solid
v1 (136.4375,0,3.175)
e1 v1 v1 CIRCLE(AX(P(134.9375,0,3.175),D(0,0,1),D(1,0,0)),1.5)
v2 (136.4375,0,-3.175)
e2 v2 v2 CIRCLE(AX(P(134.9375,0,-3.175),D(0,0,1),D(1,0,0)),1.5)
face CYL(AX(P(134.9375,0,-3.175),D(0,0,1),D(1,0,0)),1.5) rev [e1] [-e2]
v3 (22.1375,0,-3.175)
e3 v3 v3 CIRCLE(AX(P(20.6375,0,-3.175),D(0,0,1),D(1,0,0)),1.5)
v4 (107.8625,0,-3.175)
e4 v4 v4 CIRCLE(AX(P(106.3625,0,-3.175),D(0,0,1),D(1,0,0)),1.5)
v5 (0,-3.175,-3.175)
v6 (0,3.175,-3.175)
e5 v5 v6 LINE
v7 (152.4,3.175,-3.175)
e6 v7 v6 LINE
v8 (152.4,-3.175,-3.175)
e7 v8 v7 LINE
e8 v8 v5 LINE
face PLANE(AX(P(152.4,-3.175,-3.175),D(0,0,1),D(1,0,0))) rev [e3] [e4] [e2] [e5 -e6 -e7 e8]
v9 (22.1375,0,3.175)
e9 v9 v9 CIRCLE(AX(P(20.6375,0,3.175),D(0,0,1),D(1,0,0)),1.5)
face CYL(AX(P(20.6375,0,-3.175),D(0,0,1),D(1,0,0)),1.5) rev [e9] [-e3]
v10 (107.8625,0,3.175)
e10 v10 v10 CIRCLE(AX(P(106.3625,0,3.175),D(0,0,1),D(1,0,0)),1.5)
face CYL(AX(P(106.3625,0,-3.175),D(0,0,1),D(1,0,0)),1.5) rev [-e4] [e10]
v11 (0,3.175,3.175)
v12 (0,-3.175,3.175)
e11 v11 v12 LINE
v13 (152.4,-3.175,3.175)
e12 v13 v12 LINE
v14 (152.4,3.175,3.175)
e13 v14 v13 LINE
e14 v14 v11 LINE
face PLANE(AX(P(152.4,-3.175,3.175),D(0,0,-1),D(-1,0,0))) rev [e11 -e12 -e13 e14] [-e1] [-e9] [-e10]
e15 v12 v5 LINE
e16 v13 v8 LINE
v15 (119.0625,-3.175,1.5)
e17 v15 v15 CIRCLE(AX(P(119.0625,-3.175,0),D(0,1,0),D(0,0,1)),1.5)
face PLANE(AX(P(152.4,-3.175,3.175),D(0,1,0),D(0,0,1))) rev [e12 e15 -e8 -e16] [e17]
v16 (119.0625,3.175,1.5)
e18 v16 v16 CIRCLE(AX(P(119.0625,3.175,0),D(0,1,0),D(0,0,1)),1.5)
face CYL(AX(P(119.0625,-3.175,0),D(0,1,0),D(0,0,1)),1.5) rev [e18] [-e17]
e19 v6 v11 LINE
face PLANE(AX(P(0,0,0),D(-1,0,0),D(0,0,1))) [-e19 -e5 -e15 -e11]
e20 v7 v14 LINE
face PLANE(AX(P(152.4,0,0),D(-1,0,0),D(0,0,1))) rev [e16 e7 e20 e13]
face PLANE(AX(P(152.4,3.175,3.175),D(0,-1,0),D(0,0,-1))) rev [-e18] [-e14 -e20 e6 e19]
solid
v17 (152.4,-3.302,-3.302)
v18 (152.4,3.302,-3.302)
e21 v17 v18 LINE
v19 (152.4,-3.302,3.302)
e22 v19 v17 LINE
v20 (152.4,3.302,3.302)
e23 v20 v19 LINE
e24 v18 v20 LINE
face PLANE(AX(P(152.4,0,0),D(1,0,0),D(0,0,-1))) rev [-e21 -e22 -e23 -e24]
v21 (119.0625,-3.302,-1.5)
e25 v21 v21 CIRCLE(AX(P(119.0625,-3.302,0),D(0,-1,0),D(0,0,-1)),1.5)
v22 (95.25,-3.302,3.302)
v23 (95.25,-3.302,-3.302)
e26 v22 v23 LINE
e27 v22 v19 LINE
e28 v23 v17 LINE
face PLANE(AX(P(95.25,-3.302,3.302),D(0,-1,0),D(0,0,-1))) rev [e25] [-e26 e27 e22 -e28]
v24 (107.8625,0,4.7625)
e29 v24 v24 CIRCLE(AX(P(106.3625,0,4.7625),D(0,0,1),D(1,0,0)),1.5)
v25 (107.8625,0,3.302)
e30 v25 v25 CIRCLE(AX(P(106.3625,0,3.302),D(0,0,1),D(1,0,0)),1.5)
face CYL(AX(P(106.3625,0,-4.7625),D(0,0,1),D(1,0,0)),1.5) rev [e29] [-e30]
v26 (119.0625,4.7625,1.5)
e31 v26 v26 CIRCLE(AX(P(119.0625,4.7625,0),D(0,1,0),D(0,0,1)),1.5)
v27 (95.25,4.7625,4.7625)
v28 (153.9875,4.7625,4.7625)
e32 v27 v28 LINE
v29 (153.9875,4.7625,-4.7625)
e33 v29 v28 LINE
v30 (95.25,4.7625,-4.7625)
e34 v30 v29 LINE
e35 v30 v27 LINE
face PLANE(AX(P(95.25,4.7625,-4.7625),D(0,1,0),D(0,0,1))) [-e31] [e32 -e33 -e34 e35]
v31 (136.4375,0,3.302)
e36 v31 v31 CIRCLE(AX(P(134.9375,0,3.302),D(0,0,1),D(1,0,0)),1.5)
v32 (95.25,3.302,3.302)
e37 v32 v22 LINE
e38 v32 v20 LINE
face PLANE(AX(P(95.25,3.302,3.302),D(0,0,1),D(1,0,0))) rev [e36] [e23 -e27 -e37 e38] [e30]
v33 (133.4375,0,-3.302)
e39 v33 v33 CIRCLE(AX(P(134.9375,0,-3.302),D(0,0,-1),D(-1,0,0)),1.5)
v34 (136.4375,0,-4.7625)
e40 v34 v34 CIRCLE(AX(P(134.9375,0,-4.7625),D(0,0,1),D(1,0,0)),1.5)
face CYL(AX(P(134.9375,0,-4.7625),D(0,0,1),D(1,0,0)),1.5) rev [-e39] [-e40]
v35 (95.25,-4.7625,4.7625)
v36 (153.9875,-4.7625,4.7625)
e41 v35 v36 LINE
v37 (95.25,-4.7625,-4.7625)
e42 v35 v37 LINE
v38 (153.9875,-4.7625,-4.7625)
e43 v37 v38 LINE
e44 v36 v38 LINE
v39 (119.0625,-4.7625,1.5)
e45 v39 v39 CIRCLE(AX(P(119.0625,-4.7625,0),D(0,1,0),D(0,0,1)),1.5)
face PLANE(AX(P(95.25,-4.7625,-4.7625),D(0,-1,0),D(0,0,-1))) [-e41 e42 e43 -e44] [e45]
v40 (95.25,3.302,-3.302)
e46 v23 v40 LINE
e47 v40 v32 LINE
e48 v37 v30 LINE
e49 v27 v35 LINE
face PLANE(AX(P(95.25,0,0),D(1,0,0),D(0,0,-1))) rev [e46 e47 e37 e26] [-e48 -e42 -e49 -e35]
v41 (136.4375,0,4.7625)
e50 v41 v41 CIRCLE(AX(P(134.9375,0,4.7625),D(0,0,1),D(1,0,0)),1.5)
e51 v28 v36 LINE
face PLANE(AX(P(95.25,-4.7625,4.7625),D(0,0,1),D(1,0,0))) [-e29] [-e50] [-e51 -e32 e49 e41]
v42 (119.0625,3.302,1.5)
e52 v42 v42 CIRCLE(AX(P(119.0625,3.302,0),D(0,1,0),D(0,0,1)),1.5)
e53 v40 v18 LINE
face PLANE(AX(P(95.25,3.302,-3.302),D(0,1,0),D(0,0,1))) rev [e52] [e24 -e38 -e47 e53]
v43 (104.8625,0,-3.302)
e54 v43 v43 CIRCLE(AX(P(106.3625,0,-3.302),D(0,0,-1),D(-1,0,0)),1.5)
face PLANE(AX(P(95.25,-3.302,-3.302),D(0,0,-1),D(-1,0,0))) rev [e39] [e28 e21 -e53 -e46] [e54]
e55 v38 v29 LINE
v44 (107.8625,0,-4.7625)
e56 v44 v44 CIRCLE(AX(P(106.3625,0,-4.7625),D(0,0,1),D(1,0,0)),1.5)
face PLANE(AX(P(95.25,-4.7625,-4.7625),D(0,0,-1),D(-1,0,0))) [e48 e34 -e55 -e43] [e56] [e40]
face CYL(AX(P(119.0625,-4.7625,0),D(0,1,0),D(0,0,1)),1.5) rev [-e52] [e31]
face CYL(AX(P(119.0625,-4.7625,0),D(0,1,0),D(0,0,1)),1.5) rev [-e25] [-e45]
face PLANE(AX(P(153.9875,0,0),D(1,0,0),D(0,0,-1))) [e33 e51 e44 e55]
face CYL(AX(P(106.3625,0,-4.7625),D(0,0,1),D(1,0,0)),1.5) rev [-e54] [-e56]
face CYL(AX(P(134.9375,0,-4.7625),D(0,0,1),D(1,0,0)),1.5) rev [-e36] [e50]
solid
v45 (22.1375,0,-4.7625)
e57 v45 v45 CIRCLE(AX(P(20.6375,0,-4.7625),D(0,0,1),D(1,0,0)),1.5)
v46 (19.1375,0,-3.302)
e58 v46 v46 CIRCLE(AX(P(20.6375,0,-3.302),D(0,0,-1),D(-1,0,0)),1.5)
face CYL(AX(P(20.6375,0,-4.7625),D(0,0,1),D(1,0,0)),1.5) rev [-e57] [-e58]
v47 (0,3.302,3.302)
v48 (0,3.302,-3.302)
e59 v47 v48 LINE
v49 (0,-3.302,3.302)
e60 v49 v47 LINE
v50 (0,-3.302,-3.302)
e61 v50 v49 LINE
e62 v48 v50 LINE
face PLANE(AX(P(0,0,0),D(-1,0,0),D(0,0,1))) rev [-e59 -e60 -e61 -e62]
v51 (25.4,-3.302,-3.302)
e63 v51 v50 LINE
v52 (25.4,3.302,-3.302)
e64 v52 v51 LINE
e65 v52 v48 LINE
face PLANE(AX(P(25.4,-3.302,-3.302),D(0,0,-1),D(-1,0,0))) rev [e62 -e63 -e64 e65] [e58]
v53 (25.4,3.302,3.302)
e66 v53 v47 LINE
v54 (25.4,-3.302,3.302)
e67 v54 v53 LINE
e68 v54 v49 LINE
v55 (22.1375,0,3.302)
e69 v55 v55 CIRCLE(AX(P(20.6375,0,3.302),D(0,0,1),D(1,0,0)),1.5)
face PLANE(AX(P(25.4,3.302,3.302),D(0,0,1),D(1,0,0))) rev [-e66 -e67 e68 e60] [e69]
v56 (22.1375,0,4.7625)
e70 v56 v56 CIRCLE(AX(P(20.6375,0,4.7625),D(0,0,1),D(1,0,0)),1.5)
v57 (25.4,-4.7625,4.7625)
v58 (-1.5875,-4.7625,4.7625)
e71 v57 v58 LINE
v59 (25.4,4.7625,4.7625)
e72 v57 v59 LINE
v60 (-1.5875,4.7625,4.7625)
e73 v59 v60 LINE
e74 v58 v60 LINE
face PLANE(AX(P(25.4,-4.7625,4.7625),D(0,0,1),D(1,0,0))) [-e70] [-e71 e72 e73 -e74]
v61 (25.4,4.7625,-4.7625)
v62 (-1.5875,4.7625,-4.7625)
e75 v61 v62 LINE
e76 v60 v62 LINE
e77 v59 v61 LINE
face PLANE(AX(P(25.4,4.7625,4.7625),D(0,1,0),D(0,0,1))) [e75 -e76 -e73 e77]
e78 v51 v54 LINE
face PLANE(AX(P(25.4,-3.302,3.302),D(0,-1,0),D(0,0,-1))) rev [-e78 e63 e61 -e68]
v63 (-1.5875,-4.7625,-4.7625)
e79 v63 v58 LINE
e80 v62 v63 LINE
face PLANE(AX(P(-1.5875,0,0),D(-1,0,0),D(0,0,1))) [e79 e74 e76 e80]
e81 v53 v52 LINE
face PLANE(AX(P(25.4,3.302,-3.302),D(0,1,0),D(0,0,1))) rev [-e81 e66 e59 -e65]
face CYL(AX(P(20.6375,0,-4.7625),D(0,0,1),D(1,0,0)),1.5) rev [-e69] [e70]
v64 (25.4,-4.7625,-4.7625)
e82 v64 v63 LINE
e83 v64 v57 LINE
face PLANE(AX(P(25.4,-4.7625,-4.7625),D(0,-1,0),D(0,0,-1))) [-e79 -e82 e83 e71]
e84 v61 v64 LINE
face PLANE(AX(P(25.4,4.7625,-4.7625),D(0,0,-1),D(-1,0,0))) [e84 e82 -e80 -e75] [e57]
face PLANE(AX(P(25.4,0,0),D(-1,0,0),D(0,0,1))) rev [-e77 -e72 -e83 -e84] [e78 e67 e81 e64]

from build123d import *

# Parameters (mm, degrees)
SKETCH1_W               = 6.35
SKETCH1_H               = 6.35
BOSS_EXTRUDE1_DEPTH     = 152.4
SKETCH2_R               = 1.5
CUT_EXTRUDE1_DEPTH      = 153.565274965
SKETCH3_R               = 1.5
CUT_EXTRUDE2_DEPTH      = 153.565274965
SKETCH4_W               = 9.525
SKETCH4_H               = 9.525
SKETCH4_W_2             = 6.604
SKETCH4_H_2             = 6.604
BOSS_EXTRUDE2_DEPTH     = 57.15
SKETCH5_W               = 9.525
SKETCH5_H               = 9.525
BOSS_EXTRUDE3_DEPTH     = 1.5875
CUT_EXTRUDE4_DEPTH      = 155.26547076
CUT_EXTRUDE4_DEPTH_BACK = 155.26547076
SKETCH6_R               = 1.5
CUT_EXTRUDE6_DEPTH      = 155.26547076
CUT_EXTRUDE6_DEPTH_BACK = 155.26547076
SKETCH7_R               = 1.5
SKETCH8_W               = 9.525
SKETCH8_H               = 9.525
SKETCH8_W_2             = 6.604
SKETCH8_H_2             = 6.604
BOSS_EXTRUDE4_DEPTH     = 25.4
SKETCH9_W               = 9.525
SKETCH9_H               = 9.525
BOSS_EXTRUDE5_DEPTH     = 1.5875
CUT_EXTRUDE8_DEPTH      = 155.26547076
CUT_EXTRUDE8_DEPTH_BACK = 155.26547076
SKETCH10_R              = 1.5


with BuildPart() as part:
    # Sketch1 → Boss-Extrude1 (new body)
    with BuildSketch(Plane(origin=(0, 0, 0), x_dir=(0, 0, -1), z_dir=(1, 0, 0))):
        Rectangle(SKETCH1_W, SKETCH1_H)
    extrude(amount=BOSS_EXTRUDE1_DEPTH)

    # Sketch2 → Cut-Extrude1 (cut, through all)
    with BuildSketch(Plane.XY.offset(3.175)):
        with Locations((20.6375, 0)):
            Circle(SKETCH2_R)
        with Locations((134.9375, 0)):
            Circle(SKETCH2_R)
        with Locations((106.3625, 0)):
            Circle(SKETCH2_R)
    extrude(amount=-CUT_EXTRUDE1_DEPTH, mode=Mode.SUBTRACT)

    # Sketch3 → Cut-Extrude2 (cut, through all)
    with BuildSketch(Plane(origin=(0, 3.175, 0), x_dir=(1, 0, 0), z_dir=(0, 1, 0))):
        with Locations(Location((119.0625, 0, 0), (0, 0, 270))):
            Circle(SKETCH3_R)
    extrude(amount=-CUT_EXTRUDE2_DEPTH, mode=Mode.SUBTRACT)


with BuildPart() as body_2:
    # Sketch4 → Boss-Extrude2 (new body)
    with BuildSketch(Plane(origin=(152.4, 0, 0), x_dir=(0, 0, -1), z_dir=(1, 0, 0))):
        Rectangle(SKETCH4_W, SKETCH4_H)
        Rectangle(SKETCH4_W_2, SKETCH4_H_2, mode=Mode.SUBTRACT)
    extrude(amount=-BOSS_EXTRUDE2_DEPTH)

    # Sketch5 → Boss-Extrude3 (add)
    with BuildSketch(Plane(origin=(152.4, 0, 0), x_dir=(0, 0, -1), z_dir=(1, 0, 0))):
        Rectangle(SKETCH5_W, SKETCH5_H)
    extrude(amount=BOSS_EXTRUDE3_DEPTH)

    # Sketch6 → Cut-Extrude4 (cut, two sides: drawn at the far end of the back side and taken through both)
    with BuildSketch(Plane.XY.offset(3.175).offset(-CUT_EXTRUDE4_DEPTH_BACK)):
        with Locations((134.9375, 0)):
            Circle(SKETCH6_R)
        with Locations((106.3625, 0)):
            Circle(SKETCH6_R)
    extrude(amount=CUT_EXTRUDE4_DEPTH + CUT_EXTRUDE4_DEPTH_BACK, mode=Mode.SUBTRACT)

    # Sketch7 → Cut-Extrude6 (cut, two sides: drawn at the far end of the back side and taken through both)
    with BuildSketch(Plane(origin=(0, 3.175, 0), x_dir=(1, 0, 0), z_dir=(0, 1, 0)).offset(-CUT_EXTRUDE6_DEPTH_BACK)):
        with Locations(Location((119.0625, 0, 0), (0, 0, 270))):
            Circle(SKETCH7_R)
    extrude(amount=CUT_EXTRUDE6_DEPTH + CUT_EXTRUDE6_DEPTH_BACK, mode=Mode.SUBTRACT)


with BuildPart() as body_3:
    # Sketch8 → Boss-Extrude4 (new body)
    with BuildSketch(Plane.ZY):
        Rectangle(SKETCH8_W, SKETCH8_H)
        Rectangle(SKETCH8_W_2, SKETCH8_H_2, mode=Mode.SUBTRACT)
    extrude(amount=-BOSS_EXTRUDE4_DEPTH)

    # Sketch9 → Boss-Extrude5 (add)
    with BuildSketch(Plane.ZY):
        Rectangle(SKETCH9_W, SKETCH9_H)
    extrude(amount=BOSS_EXTRUDE5_DEPTH)

    # Sketch10 → Cut-Extrude8 (cut, two sides: drawn at the far end of the back side and taken through both)
    with BuildSketch(Plane.XY.offset(3.175).offset(-CUT_EXTRUDE8_DEPTH_BACK)):
        with Locations((20.6375, 0)):
            Circle(SKETCH10_R)
    extrude(amount=CUT_EXTRUDE8_DEPTH + CUT_EXTRUDE8_DEPTH_BACK, mode=Mode.SUBTRACT)


solid = Compound([part.part, body_2.part, body_3.part])
